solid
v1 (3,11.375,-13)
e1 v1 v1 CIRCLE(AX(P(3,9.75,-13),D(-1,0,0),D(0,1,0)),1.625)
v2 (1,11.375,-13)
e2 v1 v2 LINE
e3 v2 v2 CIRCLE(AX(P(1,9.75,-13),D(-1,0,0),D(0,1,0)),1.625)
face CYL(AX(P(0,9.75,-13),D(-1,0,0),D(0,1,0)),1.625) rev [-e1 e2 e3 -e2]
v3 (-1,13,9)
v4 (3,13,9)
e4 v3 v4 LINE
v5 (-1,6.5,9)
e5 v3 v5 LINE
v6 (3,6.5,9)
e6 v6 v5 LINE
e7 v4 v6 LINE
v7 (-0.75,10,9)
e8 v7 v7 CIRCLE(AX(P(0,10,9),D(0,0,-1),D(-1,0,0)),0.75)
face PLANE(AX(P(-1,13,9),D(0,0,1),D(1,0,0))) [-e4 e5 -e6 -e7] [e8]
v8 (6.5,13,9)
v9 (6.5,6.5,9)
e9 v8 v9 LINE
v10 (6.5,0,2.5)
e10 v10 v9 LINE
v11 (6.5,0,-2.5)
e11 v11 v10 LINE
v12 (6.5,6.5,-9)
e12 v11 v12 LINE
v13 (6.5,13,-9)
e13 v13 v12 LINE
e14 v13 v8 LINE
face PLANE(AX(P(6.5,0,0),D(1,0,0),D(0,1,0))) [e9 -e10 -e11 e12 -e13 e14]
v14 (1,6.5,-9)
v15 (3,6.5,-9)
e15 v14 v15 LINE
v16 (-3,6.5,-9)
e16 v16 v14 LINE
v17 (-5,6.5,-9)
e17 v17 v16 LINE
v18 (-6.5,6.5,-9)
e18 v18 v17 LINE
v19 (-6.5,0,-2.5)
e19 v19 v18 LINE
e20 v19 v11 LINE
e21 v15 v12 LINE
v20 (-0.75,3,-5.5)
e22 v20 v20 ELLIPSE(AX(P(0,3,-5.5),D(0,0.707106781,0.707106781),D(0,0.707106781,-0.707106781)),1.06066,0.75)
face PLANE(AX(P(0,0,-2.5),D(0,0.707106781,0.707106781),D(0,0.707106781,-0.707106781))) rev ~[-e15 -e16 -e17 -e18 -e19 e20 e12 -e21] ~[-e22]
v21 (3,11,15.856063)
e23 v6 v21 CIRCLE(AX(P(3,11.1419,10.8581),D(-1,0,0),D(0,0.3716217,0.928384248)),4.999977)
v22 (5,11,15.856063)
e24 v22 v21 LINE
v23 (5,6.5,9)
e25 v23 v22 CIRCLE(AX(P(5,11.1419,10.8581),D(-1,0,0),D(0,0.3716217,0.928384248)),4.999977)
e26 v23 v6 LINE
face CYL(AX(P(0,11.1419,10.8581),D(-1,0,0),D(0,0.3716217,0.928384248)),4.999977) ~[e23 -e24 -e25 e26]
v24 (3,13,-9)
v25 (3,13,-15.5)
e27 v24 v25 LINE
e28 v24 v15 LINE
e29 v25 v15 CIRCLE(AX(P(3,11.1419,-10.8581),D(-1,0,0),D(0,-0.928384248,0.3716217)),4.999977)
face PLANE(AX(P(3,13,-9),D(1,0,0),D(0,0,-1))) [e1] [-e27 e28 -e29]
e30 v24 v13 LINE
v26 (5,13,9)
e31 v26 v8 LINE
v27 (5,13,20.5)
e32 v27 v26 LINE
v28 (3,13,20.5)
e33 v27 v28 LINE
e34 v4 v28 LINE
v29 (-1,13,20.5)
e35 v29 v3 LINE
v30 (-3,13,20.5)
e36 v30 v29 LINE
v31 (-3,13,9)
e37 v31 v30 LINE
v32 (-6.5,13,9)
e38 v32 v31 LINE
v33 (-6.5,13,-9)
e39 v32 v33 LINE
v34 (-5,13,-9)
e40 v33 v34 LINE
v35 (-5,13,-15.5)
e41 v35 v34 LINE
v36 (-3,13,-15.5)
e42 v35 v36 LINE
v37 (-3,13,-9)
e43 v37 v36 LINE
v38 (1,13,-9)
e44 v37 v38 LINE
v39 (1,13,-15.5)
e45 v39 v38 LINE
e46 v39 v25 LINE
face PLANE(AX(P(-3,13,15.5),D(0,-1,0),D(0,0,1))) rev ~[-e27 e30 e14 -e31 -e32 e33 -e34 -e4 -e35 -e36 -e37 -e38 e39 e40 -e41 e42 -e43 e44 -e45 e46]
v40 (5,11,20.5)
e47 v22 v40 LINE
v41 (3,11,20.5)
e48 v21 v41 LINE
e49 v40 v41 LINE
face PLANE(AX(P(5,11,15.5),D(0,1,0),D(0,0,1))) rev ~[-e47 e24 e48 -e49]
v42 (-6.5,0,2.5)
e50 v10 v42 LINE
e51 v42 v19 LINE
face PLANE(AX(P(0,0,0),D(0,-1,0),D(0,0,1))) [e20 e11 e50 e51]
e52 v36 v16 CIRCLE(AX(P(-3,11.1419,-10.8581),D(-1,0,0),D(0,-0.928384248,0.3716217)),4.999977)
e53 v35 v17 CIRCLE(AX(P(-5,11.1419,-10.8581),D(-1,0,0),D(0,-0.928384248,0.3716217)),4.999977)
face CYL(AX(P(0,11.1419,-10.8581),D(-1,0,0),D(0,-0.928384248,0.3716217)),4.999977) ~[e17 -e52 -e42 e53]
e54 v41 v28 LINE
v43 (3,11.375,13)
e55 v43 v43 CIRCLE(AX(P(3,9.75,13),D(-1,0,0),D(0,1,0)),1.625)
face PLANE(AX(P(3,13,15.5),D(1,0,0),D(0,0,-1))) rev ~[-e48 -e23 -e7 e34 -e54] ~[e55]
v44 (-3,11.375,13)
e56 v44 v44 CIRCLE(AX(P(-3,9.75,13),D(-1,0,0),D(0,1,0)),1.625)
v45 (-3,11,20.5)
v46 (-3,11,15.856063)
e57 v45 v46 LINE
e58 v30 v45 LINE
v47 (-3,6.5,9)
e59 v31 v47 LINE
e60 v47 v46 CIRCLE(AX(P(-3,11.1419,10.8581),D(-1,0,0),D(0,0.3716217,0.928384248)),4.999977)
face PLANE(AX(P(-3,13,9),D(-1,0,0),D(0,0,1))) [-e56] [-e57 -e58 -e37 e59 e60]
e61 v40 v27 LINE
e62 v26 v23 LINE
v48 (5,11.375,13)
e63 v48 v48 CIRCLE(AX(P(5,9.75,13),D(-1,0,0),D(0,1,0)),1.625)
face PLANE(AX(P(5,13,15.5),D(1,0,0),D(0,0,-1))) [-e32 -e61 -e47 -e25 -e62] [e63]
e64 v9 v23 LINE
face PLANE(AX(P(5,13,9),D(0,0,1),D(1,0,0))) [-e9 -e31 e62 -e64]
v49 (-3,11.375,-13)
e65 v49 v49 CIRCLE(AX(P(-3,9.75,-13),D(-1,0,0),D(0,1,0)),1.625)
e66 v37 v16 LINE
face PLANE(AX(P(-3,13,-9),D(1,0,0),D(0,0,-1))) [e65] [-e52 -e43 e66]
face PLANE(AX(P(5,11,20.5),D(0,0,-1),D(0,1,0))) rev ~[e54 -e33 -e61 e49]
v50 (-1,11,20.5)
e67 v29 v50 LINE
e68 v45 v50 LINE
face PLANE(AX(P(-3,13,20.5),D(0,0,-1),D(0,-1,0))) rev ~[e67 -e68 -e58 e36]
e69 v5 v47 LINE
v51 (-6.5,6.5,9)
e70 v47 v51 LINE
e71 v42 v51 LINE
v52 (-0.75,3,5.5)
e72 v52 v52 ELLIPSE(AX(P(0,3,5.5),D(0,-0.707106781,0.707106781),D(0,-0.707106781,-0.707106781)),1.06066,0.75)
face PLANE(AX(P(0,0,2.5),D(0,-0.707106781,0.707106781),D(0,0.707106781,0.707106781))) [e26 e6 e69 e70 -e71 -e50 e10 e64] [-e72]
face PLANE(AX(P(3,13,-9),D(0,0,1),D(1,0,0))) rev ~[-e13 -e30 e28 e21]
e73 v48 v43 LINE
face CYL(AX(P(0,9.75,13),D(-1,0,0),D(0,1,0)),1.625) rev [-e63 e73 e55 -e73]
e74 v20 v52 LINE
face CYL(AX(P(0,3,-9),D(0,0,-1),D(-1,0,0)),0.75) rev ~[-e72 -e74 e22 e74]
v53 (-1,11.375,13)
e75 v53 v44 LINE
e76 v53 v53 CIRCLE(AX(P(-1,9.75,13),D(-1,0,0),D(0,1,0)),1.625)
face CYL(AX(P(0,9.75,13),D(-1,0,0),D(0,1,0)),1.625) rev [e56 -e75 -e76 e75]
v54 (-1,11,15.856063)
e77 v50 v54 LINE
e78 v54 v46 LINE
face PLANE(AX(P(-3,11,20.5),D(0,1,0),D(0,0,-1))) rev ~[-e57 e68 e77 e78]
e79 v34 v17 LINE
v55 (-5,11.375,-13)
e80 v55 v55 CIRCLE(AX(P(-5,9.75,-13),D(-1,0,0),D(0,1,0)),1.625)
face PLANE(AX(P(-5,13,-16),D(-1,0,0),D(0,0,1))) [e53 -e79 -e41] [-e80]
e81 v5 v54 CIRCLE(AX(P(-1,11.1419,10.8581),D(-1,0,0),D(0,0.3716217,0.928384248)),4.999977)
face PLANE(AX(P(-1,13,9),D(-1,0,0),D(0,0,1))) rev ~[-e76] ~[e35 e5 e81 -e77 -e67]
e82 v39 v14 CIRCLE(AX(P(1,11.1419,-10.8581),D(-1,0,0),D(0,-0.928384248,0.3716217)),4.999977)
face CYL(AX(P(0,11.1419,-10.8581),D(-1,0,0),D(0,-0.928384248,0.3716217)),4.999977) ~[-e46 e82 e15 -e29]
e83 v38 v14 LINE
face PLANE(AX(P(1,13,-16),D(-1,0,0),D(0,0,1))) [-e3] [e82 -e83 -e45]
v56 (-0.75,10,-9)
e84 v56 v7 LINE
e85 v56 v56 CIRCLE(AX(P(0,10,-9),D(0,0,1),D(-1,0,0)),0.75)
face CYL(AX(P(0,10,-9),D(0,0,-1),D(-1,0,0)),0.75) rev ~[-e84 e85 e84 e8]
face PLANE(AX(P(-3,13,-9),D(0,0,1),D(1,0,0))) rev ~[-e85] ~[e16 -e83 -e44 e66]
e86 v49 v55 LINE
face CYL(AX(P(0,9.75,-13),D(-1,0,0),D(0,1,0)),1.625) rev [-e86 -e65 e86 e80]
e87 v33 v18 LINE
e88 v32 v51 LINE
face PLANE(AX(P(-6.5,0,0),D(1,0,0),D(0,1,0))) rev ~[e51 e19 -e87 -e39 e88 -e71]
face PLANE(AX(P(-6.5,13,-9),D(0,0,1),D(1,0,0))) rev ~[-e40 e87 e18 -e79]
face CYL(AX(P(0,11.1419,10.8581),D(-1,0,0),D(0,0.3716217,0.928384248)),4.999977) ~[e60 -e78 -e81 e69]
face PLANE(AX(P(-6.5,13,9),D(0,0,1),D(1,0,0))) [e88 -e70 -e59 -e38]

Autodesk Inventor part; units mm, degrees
ref_plane "YZ Plane" through (0, 0, 0) normal (1, 0, 0) x (0, 1, 0)
ref_plane "XZ Plane" through (0, 0, 0) normal (0, 1, 0) x (-1, 0, 0)
ref_plane "XY Plane" through (0, 0, 0) normal (0, 0, 1) x (1, 0, 0)
sketch "Sketch7" plane through (0, 0, 0) normal (1, 0, 0) x (0, 1, 0)
  line L0 (-2.6, 0) -> (15.6, 0) projected
  line L1 (0, -24.701) -> (0, 24.701) projected
  line L2 (0, 2.5) -> (0, -2.5)
  line L3 (13, 15.5) -> (13, 0)
  line L4 (0, 2.5) -> (6.5, 9)
  line L5 (0, 2.5) -> (9.1924, 2.5) construction
  arc A0 (13, 15.5) -> (6.5, 9) centre (11.1419, 10.8581) ccw
  circle A1 centre (9.75, 13) radius 1.625
  line L6 (13, -15.5) -> (13, 0)
  line L7 (0, -2.5) -> (6.5, -9)
  arc A2 (6.5, -9) -> (13, -15.5) centre (11.1419, -10.8581) ccw
  circle A3 centre (9.75, -13) radius 1.625
  point P0 (0, 0)
  dimension "d64" = 5
  dimension "d65" = 2.5
  dimension "d66" = 45
  dimension "d67" = 6.5
  dimension "d68" = 13
  dimension "d69" = 15.5
  dimension "d70" = 5
  dimension "d71" = 3.25
  dimension "d74" = 3.25
  dimension "d103" = 2.5
extrude "Extrusion5" add sketch "Sketch7" along normal mid plane 13
sketch "Sketch8" plane through (-6.5, 13, 15.5) normal (0, 1, 0) x (1, 0, 0)
  line L0 (0, 6.5) -> (13, 6.5) projected
  line L1 (11.5, 6.5) -> (13, 6.5)
  line L2 (13, 6.5) -> (13, -0.5)
  line L3 (13, -0.5) -> (11.5, -0.5)
  line L4 (11.5, -0.5) -> (11.5, 6.5)
  line L5 (13, 31) -> (13, 0) projected
  line L6 (5.5, 6.5) -> (9.5, 6.5)
  line L7 (9.5, 6.5) -> (9.5, -0.5)
  line L8 (9.5, -0.5) -> (5.5, -0.5)
  line L9 (5.5, -0.5) -> (5.5, 6.5)
  line L10 (0, 6.5) -> (3.5, 6.5)
  line L11 (3.5, 6.5) -> (3.5, -0.5)
  line L12 (3.5, -0.5) -> (0, -0.5)
  line L13 (0, -0.5) -> (0, 6.5)
  line L14 (0, 0) -> (0, 31) projected
  point P0 (6.5, 15.5)
  dimension "d77" = 1.5
  dimension "d78" = 7
  dimension "d79" = 4
  dimension "d80" = 7
  dimension "d81" = 2
  dimension "d83" = 7
  dimension "d101" = 2
extrude "Extrusion6" cut sketch "Sketch8" against normal blind 10
sketch "Sketch9" plane through (-6.5, 13, -15.5) normal (0, 1, 0) x (1, 0, 0)
  line L0 (0, -6.5) -> (13, -6.5) projected
  line L1 (1.5, -6.5) -> (0, -6.5)
  line L2 (0, -6.5) -> (0, 0.5)
  line L3 (0, 0.5) -> (1.5, 0.5)
  line L4 (1.5, 0.5) -> (1.5, -6.5)
  line L5 (0, -24.5) -> (0, 0) projected
  line L6 (7.5, -6.5) -> (3.5, -6.5)
  line L7 (3.5, -6.5) -> (3.5, 0.5)
  line L8 (3.5, 0.5) -> (7.5, 0.5)
  line L9 (7.5, 0.5) -> (7.5, -6.5)
  line L10 (13, -6.5) -> (9.5, -6.5)
  line L11 (9.5, -6.5) -> (9.5, 0.5)
  line L12 (9.5, 0.5) -> (13, 0.5)
  line L13 (13, 0.5) -> (13, -6.5)
  line L14 (13, 0) -> (13, -24.5) projected
  point P0 (6.5, -15.5)
  dimension "d86" = 1.5
  dimension "d87" = 7
  dimension "d88" = 4
  dimension "d89" = 7
  dimension "d90" = 2
  dimension "d92" = 7
  dimension "d102" = 2
extrude "Extrusion7" cut sketch "Sketch9" against normal blind 10
sketch "Sketch10" plane through (1, 13, -9) normal (0, 0, -1) x (-1, 0, 0)
  line L0 (1, -15.6) -> (1, 2.6) projected
  line L1 (7.5, -13) -> (-5.5, -13) projected
  circle A0 centre (1, -3) radius 0.75
  line L2 (0, 0) -> (4, 0) projected
  circle A1 centre (1, -10) radius 0.75
  point P0 (1, -13)
  dimension "d95" = 1.5
  dimension "d96" = 3
  dimension "d97" = 1.5
  dimension "d98" = 3
extrude "Extrusion8" cut sketch "Sketch10" against normal blind 20
sketch "Sketch13" plane through (5, 13, 15.5) normal (1, 0, 0) x (0, 0, -1)
  line L0 (-5, 0) -> (0, 0)
  line L1 (0, 0) -> (0, -2)
  line L2 (0, -2) -> (-5, -2)
  line L3 (-5, -2) -> (-5, 0)
  line L4 (0, 0) -> (6.5, 0) projected
  point P0 (15.5, -13)
  dimension "d112" = 5
  dimension "d113" = 2
extrude "Extrusion11" add sketch "Sketch13" against normal blind 2
sketch "Sketch14" plane through (-3, 13, 9) normal (-1, 0, 0) x (0, 0, 1)
  line L0 (6.5, 0) -> (0, 0) projected
  line L1 (6.5, 0) -> (11.5, 0)
  line L2 (11.5, 0) -> (11.5, -2)
  line L3 (11.5, -2) -> (6.5, -2)
  line L4 (6.5, -2) -> (6.5, 0)
  point P0 (-9, -13)
  dimension "d116" = 5
  dimension "d117" = 2
extrude "Extrusion12" add sketch "Sketch14" against normal blind 2
properties part number "finger_joins"
